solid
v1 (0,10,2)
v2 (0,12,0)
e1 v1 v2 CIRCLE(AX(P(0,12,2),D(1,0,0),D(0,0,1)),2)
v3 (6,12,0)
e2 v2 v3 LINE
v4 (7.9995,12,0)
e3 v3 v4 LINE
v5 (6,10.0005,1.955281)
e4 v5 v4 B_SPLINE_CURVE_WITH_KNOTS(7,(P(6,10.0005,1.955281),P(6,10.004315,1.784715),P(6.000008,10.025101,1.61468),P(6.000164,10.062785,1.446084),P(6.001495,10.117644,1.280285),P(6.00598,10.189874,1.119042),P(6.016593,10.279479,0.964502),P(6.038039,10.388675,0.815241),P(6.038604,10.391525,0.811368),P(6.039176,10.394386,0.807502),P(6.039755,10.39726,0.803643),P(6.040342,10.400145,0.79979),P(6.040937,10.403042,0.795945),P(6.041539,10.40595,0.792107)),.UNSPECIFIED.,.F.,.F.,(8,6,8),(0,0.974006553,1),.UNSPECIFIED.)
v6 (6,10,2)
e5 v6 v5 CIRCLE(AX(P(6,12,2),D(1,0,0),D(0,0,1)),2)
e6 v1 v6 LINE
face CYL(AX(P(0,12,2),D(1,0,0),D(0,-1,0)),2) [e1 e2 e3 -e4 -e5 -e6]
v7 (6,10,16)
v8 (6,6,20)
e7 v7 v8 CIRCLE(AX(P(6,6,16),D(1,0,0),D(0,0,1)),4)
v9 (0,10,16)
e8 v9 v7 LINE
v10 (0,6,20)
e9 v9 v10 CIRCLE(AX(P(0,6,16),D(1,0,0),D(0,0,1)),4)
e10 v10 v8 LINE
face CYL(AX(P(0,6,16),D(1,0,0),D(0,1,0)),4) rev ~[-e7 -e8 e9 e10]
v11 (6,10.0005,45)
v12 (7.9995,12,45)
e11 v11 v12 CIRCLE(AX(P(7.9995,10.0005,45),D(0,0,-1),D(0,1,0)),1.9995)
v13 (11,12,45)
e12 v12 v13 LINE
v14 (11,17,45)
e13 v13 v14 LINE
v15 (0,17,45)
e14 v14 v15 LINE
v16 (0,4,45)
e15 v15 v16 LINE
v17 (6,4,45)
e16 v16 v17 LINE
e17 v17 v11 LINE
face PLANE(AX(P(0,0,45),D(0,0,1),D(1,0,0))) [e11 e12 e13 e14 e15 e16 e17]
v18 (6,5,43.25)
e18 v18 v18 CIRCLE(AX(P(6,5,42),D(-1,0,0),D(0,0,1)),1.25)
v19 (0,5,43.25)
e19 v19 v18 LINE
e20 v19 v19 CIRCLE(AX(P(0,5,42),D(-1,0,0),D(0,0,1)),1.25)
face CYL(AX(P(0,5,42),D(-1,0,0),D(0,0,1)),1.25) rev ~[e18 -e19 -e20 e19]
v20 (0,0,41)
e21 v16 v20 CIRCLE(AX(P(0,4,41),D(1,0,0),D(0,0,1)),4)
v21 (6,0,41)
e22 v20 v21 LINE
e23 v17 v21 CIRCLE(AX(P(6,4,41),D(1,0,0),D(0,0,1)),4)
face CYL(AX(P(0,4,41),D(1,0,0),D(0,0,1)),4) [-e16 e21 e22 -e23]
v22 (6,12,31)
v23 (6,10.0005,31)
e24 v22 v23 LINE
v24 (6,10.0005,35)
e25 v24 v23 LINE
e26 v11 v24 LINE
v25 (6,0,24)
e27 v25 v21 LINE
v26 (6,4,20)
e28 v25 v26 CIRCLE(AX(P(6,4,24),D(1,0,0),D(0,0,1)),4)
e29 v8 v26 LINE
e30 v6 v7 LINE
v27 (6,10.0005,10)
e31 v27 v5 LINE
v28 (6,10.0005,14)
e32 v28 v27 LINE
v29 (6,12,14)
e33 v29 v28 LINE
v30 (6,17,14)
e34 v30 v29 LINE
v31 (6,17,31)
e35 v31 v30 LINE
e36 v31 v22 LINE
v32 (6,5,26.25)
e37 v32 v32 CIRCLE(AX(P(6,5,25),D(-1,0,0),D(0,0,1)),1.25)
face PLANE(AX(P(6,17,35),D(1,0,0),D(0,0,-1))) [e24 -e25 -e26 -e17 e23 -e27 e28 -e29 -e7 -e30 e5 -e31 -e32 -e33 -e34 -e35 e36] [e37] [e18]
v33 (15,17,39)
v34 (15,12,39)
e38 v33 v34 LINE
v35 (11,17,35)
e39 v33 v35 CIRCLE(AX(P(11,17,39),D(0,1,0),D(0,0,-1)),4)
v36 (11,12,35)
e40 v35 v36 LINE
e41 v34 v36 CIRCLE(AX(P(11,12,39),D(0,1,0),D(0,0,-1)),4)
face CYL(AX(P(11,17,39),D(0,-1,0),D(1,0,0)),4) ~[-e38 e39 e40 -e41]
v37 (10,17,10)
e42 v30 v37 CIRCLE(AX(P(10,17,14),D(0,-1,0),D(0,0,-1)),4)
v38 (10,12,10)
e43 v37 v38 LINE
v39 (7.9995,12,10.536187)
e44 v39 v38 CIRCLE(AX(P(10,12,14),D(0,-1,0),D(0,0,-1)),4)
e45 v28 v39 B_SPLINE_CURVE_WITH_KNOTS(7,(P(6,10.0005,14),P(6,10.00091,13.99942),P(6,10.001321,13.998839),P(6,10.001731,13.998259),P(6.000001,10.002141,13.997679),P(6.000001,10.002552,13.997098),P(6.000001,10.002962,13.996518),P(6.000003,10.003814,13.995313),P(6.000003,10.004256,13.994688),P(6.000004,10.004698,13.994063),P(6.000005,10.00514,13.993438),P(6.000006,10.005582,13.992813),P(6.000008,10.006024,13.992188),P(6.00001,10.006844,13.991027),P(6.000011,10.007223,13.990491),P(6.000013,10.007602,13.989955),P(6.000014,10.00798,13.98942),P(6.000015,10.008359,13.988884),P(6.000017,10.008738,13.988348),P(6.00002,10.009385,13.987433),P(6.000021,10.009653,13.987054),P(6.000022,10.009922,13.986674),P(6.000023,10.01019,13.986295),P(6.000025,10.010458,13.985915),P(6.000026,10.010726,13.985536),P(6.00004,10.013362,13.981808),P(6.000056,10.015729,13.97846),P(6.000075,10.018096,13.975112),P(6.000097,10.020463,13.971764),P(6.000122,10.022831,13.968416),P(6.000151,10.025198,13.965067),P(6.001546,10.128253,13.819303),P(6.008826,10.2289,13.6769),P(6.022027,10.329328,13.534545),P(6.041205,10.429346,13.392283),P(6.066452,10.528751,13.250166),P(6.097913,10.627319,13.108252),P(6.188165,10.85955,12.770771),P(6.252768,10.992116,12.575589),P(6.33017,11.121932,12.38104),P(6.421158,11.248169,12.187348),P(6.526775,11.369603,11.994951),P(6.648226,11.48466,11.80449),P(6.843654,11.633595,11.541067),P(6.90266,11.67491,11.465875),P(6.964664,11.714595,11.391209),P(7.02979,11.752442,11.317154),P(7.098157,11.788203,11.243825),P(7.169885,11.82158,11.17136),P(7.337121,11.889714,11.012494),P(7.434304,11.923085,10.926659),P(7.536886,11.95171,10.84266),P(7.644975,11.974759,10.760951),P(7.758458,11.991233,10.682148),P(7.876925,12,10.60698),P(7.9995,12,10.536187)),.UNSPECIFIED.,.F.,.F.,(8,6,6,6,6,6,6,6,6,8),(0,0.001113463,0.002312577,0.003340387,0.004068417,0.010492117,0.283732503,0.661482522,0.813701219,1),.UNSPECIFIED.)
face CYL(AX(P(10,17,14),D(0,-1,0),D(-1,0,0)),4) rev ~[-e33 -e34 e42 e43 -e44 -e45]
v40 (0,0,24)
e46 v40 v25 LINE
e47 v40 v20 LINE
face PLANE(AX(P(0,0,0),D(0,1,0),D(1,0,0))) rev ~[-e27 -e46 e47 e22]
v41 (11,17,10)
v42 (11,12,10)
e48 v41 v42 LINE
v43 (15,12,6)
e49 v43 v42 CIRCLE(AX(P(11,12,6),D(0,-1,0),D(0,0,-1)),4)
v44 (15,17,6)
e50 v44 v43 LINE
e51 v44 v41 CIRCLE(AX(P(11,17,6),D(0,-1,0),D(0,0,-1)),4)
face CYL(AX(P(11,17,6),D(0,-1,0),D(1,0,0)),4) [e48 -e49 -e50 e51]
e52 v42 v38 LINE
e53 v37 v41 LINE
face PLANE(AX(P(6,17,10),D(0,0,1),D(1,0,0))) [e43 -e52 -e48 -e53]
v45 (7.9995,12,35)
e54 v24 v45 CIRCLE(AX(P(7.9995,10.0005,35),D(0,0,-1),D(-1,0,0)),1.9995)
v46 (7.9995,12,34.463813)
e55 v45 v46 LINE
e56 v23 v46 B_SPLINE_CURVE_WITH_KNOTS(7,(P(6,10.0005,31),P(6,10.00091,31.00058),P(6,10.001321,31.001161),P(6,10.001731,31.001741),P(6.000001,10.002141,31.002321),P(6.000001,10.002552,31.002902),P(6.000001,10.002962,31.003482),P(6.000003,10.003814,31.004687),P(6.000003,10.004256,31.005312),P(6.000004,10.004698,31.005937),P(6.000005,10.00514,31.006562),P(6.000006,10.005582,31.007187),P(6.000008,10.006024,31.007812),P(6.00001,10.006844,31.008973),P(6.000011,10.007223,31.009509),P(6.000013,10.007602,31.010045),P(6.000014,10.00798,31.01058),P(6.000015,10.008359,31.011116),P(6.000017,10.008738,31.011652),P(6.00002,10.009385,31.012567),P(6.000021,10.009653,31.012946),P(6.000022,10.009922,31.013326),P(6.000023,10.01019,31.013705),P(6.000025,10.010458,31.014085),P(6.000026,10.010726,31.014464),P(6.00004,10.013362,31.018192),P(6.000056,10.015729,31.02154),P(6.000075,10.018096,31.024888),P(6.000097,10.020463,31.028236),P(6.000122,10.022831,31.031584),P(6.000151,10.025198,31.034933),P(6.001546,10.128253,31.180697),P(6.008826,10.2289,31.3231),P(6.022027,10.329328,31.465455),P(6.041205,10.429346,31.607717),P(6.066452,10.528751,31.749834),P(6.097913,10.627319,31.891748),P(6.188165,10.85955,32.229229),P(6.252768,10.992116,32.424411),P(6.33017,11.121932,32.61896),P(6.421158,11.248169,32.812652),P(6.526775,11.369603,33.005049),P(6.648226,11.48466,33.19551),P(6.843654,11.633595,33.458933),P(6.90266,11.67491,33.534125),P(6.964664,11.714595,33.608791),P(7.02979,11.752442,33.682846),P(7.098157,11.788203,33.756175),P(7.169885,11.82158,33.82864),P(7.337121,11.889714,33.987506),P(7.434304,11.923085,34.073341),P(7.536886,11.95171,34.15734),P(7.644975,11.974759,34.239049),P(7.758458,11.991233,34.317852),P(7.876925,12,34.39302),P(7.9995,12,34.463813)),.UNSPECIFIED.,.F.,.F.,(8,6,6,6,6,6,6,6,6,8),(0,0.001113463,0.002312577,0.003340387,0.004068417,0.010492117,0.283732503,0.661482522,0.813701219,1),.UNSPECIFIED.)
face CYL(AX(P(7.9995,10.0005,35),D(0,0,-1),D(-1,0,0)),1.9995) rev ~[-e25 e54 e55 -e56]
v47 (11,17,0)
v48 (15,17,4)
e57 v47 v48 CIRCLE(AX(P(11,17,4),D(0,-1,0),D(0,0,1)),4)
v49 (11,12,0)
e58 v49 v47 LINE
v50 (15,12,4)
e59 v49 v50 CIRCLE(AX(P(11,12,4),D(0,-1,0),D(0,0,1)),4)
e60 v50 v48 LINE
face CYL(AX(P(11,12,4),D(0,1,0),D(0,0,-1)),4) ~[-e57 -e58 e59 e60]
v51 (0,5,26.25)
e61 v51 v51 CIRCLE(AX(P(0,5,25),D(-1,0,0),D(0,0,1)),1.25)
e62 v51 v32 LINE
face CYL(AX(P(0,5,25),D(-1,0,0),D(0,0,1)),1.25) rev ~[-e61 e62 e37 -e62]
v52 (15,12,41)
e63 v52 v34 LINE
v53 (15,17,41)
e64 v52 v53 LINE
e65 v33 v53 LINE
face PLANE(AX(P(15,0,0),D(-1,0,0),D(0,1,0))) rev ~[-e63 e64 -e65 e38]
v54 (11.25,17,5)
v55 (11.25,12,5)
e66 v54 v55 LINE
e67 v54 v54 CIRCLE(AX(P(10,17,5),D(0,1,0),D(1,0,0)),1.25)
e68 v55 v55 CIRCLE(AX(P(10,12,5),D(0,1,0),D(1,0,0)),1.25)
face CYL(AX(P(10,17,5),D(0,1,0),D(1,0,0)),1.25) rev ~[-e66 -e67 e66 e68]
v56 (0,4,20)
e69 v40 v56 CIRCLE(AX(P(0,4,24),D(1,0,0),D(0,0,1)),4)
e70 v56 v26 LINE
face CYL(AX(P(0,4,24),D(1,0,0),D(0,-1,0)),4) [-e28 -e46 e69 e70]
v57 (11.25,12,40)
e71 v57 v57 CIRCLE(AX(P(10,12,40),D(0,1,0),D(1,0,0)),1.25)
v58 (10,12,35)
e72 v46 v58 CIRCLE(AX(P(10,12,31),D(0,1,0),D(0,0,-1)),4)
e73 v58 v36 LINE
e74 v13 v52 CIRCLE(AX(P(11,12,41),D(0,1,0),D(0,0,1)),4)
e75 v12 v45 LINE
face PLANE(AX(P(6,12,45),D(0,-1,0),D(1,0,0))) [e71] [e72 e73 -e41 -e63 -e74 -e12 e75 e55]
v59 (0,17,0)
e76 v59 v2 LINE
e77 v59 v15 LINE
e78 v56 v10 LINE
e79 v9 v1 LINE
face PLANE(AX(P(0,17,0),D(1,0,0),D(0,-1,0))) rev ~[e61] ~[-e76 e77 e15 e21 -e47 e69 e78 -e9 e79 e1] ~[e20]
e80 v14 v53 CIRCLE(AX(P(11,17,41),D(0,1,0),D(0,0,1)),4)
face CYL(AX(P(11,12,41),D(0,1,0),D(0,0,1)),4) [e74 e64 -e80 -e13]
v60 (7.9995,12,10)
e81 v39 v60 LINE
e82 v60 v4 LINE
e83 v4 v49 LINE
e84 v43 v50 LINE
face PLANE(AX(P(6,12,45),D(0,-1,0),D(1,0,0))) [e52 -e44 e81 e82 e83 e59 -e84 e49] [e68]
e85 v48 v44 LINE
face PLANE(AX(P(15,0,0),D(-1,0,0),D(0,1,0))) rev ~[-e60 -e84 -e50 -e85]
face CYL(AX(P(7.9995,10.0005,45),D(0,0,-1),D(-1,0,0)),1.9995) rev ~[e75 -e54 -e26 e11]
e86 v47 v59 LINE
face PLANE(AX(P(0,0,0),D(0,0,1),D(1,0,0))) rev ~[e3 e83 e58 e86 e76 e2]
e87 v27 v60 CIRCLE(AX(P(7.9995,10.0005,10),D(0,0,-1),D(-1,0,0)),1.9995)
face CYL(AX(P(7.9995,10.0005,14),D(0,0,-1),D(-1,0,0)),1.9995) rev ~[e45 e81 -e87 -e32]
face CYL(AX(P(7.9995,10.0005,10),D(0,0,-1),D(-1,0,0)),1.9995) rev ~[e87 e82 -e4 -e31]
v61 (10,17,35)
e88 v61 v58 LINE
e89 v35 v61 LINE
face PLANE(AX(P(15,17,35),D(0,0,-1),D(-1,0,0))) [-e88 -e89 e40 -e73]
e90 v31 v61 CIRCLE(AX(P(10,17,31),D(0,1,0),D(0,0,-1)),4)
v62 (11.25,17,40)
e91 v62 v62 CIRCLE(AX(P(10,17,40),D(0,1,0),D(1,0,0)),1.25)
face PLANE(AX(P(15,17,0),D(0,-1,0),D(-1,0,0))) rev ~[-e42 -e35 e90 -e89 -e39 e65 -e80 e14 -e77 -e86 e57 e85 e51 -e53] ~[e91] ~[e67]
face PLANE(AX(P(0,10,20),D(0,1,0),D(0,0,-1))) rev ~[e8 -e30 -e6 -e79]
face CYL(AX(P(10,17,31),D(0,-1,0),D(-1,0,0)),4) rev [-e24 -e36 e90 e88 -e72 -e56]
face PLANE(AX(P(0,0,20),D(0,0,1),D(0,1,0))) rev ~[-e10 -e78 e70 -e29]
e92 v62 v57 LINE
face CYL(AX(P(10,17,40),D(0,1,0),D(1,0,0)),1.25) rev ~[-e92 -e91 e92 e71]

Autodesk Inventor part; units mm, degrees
ref_plane "YZ Plane" through (0, 0, 0) normal (1, 0, 0) x (0, 1, 0)
ref_plane "XZ Plane" through (0, 0, 0) normal (0, 1, 0) x (-1, 0, 0)
ref_plane "XY Plane" through (0, 0, 0) normal (0, 0, 1) x (1, 0, 0)
sketch "Esquisse1" plane through (0, 0, 0) normal (0, 0, 1) x (1, 0, 0)
  line L0 (0, 0) -> (15, 0)
  line L1 (15, 0) -> (15, 17)
  line L2 (15, 17) -> (0, 17)
  line L3 (0, 17) -> (0, 0)
  dimension "d0" = 15
  dimension "d1" = 17
extrude "Extrusion1" add sketch "Esquisse1" along normal blind 45
sketch "Esquisse2" plane through (0, 0, 45) normal (0, 0, 1) x (1, 0, 0)
  line L0 (0, 0) -> (15, 0) projected
  line L1 (15, 0) -> (6, 0)
  line L2 (6, 0) -> (6, 12)
  line L3 (6, 12) -> (15, 12)
  line L4 (15, 12) -> (15, 0)
  line L5 (15, 17) -> (0, 17) projected
  line L6 (0, 17) -> (0, 0) projected
  dimension "d4" = 5
  dimension "d5" = 6
extrude "Extrusion2" cut sketch "Esquisse2" against normal through all
sketch "Esquisse3" plane through (0, 17, 0) normal (0, 1, 0) x (1, 0, 0)
  line L0 (15, 0) -> (15, -45) projected
  line L1 (15, -35) -> (6, -35)
  line L2 (6, -35) -> (6, -10)
  line L3 (6, -10) -> (15, -10)
  line L4 (15, -10) -> (15, -35)
  line L5 (15, -45) -> (0, -45) projected
  line L6 (15, 0) -> (0, 0) projected
  line L7 (0, 0) -> (0, -45) projected
  dimension "d8" = 25
  dimension "d9" = 45
  dimension "d10" = 10
  dimension "d11" = 6
extrude "Extrusion3" cut sketch "Esquisse3" against normal through all contours L0 L1 L2 L3
sketch "Esquisse4" plane through (0, 0, 0) normal (-1, 0, 0) x (0, 0, 1)
  line L0 (0, 0) -> (20, 0)
  line L1 (20, 0) -> (20, 10)
  line L2 (20, 10) -> (0, 10)
  line L3 (0, 10) -> (0, 0)
  dimension "d14" = 10
  dimension "d15" = 20
extrude "Extrusion4" cut sketch "Esquisse4" against normal through all
sketch "Esquisse5" plane through (0, 0, 45) normal (-1, 0, 0) x (0, 0, 1)
  circle A0 centre (-20, 5) radius 1.25
  circle A1 centre (-3, 5) radius 1.25
  line L0 (0, 17) -> (0, 0) projected
  line L1 (-25, 0) -> (0, 0) projected
  point P0 (-45, 0)
  dimension "d18" = 2.5
  dimension "d19" = 17
  dimension "d20" = 3
  dimension "d21" = 5
extrude "Extrusion5" cut sketch "Esquisse5" against normal through all
sketch "Esquisse6" plane through (0, 17, 0) normal (0, 1, 0) x (1, 0, 0)
  circle A0 centre (10, -5) radius 1.25
  circle A1 centre (10, -40) radius 1.25
  line L0 (15, 0) -> (0, 0) projected
  line L1 (15, -45) -> (0, -45) projected
  line L2 (15, 0) -> (15, -10) projected
  dimension "d24" = 2.5
  dimension "d25" = 5
  dimension "d26" = 5
  dimension "d27" = 5
extrude "Extrusion6" cut sketch "Esquisse6" against normal through all
fillet "Congé1" radius 4 6 edges at (15, 14.5, 10) (15, 14.5, 0) (15, 14.5, 35) (15, 14.5, 45) (6, 14.5, 35) (6, 14.5, 10)
fillet "Congé2" radius 4 3 edges at (3, 10, 20) (3, 0, 20) (3, 0, 45)
fillet "Congé3" radius 2 1 edges at (3, 10, 0)
fillet "Congé4" radius 2 4 edges at (6, 12, 33) (6, 12, 40) (6, 12, 5) (6, 12, 12)
equation "\"d10\" = -0.5 * d8 + 0.5 * d9"
properties part number "EquerrePCBGauche" material "Plastique ABS"
